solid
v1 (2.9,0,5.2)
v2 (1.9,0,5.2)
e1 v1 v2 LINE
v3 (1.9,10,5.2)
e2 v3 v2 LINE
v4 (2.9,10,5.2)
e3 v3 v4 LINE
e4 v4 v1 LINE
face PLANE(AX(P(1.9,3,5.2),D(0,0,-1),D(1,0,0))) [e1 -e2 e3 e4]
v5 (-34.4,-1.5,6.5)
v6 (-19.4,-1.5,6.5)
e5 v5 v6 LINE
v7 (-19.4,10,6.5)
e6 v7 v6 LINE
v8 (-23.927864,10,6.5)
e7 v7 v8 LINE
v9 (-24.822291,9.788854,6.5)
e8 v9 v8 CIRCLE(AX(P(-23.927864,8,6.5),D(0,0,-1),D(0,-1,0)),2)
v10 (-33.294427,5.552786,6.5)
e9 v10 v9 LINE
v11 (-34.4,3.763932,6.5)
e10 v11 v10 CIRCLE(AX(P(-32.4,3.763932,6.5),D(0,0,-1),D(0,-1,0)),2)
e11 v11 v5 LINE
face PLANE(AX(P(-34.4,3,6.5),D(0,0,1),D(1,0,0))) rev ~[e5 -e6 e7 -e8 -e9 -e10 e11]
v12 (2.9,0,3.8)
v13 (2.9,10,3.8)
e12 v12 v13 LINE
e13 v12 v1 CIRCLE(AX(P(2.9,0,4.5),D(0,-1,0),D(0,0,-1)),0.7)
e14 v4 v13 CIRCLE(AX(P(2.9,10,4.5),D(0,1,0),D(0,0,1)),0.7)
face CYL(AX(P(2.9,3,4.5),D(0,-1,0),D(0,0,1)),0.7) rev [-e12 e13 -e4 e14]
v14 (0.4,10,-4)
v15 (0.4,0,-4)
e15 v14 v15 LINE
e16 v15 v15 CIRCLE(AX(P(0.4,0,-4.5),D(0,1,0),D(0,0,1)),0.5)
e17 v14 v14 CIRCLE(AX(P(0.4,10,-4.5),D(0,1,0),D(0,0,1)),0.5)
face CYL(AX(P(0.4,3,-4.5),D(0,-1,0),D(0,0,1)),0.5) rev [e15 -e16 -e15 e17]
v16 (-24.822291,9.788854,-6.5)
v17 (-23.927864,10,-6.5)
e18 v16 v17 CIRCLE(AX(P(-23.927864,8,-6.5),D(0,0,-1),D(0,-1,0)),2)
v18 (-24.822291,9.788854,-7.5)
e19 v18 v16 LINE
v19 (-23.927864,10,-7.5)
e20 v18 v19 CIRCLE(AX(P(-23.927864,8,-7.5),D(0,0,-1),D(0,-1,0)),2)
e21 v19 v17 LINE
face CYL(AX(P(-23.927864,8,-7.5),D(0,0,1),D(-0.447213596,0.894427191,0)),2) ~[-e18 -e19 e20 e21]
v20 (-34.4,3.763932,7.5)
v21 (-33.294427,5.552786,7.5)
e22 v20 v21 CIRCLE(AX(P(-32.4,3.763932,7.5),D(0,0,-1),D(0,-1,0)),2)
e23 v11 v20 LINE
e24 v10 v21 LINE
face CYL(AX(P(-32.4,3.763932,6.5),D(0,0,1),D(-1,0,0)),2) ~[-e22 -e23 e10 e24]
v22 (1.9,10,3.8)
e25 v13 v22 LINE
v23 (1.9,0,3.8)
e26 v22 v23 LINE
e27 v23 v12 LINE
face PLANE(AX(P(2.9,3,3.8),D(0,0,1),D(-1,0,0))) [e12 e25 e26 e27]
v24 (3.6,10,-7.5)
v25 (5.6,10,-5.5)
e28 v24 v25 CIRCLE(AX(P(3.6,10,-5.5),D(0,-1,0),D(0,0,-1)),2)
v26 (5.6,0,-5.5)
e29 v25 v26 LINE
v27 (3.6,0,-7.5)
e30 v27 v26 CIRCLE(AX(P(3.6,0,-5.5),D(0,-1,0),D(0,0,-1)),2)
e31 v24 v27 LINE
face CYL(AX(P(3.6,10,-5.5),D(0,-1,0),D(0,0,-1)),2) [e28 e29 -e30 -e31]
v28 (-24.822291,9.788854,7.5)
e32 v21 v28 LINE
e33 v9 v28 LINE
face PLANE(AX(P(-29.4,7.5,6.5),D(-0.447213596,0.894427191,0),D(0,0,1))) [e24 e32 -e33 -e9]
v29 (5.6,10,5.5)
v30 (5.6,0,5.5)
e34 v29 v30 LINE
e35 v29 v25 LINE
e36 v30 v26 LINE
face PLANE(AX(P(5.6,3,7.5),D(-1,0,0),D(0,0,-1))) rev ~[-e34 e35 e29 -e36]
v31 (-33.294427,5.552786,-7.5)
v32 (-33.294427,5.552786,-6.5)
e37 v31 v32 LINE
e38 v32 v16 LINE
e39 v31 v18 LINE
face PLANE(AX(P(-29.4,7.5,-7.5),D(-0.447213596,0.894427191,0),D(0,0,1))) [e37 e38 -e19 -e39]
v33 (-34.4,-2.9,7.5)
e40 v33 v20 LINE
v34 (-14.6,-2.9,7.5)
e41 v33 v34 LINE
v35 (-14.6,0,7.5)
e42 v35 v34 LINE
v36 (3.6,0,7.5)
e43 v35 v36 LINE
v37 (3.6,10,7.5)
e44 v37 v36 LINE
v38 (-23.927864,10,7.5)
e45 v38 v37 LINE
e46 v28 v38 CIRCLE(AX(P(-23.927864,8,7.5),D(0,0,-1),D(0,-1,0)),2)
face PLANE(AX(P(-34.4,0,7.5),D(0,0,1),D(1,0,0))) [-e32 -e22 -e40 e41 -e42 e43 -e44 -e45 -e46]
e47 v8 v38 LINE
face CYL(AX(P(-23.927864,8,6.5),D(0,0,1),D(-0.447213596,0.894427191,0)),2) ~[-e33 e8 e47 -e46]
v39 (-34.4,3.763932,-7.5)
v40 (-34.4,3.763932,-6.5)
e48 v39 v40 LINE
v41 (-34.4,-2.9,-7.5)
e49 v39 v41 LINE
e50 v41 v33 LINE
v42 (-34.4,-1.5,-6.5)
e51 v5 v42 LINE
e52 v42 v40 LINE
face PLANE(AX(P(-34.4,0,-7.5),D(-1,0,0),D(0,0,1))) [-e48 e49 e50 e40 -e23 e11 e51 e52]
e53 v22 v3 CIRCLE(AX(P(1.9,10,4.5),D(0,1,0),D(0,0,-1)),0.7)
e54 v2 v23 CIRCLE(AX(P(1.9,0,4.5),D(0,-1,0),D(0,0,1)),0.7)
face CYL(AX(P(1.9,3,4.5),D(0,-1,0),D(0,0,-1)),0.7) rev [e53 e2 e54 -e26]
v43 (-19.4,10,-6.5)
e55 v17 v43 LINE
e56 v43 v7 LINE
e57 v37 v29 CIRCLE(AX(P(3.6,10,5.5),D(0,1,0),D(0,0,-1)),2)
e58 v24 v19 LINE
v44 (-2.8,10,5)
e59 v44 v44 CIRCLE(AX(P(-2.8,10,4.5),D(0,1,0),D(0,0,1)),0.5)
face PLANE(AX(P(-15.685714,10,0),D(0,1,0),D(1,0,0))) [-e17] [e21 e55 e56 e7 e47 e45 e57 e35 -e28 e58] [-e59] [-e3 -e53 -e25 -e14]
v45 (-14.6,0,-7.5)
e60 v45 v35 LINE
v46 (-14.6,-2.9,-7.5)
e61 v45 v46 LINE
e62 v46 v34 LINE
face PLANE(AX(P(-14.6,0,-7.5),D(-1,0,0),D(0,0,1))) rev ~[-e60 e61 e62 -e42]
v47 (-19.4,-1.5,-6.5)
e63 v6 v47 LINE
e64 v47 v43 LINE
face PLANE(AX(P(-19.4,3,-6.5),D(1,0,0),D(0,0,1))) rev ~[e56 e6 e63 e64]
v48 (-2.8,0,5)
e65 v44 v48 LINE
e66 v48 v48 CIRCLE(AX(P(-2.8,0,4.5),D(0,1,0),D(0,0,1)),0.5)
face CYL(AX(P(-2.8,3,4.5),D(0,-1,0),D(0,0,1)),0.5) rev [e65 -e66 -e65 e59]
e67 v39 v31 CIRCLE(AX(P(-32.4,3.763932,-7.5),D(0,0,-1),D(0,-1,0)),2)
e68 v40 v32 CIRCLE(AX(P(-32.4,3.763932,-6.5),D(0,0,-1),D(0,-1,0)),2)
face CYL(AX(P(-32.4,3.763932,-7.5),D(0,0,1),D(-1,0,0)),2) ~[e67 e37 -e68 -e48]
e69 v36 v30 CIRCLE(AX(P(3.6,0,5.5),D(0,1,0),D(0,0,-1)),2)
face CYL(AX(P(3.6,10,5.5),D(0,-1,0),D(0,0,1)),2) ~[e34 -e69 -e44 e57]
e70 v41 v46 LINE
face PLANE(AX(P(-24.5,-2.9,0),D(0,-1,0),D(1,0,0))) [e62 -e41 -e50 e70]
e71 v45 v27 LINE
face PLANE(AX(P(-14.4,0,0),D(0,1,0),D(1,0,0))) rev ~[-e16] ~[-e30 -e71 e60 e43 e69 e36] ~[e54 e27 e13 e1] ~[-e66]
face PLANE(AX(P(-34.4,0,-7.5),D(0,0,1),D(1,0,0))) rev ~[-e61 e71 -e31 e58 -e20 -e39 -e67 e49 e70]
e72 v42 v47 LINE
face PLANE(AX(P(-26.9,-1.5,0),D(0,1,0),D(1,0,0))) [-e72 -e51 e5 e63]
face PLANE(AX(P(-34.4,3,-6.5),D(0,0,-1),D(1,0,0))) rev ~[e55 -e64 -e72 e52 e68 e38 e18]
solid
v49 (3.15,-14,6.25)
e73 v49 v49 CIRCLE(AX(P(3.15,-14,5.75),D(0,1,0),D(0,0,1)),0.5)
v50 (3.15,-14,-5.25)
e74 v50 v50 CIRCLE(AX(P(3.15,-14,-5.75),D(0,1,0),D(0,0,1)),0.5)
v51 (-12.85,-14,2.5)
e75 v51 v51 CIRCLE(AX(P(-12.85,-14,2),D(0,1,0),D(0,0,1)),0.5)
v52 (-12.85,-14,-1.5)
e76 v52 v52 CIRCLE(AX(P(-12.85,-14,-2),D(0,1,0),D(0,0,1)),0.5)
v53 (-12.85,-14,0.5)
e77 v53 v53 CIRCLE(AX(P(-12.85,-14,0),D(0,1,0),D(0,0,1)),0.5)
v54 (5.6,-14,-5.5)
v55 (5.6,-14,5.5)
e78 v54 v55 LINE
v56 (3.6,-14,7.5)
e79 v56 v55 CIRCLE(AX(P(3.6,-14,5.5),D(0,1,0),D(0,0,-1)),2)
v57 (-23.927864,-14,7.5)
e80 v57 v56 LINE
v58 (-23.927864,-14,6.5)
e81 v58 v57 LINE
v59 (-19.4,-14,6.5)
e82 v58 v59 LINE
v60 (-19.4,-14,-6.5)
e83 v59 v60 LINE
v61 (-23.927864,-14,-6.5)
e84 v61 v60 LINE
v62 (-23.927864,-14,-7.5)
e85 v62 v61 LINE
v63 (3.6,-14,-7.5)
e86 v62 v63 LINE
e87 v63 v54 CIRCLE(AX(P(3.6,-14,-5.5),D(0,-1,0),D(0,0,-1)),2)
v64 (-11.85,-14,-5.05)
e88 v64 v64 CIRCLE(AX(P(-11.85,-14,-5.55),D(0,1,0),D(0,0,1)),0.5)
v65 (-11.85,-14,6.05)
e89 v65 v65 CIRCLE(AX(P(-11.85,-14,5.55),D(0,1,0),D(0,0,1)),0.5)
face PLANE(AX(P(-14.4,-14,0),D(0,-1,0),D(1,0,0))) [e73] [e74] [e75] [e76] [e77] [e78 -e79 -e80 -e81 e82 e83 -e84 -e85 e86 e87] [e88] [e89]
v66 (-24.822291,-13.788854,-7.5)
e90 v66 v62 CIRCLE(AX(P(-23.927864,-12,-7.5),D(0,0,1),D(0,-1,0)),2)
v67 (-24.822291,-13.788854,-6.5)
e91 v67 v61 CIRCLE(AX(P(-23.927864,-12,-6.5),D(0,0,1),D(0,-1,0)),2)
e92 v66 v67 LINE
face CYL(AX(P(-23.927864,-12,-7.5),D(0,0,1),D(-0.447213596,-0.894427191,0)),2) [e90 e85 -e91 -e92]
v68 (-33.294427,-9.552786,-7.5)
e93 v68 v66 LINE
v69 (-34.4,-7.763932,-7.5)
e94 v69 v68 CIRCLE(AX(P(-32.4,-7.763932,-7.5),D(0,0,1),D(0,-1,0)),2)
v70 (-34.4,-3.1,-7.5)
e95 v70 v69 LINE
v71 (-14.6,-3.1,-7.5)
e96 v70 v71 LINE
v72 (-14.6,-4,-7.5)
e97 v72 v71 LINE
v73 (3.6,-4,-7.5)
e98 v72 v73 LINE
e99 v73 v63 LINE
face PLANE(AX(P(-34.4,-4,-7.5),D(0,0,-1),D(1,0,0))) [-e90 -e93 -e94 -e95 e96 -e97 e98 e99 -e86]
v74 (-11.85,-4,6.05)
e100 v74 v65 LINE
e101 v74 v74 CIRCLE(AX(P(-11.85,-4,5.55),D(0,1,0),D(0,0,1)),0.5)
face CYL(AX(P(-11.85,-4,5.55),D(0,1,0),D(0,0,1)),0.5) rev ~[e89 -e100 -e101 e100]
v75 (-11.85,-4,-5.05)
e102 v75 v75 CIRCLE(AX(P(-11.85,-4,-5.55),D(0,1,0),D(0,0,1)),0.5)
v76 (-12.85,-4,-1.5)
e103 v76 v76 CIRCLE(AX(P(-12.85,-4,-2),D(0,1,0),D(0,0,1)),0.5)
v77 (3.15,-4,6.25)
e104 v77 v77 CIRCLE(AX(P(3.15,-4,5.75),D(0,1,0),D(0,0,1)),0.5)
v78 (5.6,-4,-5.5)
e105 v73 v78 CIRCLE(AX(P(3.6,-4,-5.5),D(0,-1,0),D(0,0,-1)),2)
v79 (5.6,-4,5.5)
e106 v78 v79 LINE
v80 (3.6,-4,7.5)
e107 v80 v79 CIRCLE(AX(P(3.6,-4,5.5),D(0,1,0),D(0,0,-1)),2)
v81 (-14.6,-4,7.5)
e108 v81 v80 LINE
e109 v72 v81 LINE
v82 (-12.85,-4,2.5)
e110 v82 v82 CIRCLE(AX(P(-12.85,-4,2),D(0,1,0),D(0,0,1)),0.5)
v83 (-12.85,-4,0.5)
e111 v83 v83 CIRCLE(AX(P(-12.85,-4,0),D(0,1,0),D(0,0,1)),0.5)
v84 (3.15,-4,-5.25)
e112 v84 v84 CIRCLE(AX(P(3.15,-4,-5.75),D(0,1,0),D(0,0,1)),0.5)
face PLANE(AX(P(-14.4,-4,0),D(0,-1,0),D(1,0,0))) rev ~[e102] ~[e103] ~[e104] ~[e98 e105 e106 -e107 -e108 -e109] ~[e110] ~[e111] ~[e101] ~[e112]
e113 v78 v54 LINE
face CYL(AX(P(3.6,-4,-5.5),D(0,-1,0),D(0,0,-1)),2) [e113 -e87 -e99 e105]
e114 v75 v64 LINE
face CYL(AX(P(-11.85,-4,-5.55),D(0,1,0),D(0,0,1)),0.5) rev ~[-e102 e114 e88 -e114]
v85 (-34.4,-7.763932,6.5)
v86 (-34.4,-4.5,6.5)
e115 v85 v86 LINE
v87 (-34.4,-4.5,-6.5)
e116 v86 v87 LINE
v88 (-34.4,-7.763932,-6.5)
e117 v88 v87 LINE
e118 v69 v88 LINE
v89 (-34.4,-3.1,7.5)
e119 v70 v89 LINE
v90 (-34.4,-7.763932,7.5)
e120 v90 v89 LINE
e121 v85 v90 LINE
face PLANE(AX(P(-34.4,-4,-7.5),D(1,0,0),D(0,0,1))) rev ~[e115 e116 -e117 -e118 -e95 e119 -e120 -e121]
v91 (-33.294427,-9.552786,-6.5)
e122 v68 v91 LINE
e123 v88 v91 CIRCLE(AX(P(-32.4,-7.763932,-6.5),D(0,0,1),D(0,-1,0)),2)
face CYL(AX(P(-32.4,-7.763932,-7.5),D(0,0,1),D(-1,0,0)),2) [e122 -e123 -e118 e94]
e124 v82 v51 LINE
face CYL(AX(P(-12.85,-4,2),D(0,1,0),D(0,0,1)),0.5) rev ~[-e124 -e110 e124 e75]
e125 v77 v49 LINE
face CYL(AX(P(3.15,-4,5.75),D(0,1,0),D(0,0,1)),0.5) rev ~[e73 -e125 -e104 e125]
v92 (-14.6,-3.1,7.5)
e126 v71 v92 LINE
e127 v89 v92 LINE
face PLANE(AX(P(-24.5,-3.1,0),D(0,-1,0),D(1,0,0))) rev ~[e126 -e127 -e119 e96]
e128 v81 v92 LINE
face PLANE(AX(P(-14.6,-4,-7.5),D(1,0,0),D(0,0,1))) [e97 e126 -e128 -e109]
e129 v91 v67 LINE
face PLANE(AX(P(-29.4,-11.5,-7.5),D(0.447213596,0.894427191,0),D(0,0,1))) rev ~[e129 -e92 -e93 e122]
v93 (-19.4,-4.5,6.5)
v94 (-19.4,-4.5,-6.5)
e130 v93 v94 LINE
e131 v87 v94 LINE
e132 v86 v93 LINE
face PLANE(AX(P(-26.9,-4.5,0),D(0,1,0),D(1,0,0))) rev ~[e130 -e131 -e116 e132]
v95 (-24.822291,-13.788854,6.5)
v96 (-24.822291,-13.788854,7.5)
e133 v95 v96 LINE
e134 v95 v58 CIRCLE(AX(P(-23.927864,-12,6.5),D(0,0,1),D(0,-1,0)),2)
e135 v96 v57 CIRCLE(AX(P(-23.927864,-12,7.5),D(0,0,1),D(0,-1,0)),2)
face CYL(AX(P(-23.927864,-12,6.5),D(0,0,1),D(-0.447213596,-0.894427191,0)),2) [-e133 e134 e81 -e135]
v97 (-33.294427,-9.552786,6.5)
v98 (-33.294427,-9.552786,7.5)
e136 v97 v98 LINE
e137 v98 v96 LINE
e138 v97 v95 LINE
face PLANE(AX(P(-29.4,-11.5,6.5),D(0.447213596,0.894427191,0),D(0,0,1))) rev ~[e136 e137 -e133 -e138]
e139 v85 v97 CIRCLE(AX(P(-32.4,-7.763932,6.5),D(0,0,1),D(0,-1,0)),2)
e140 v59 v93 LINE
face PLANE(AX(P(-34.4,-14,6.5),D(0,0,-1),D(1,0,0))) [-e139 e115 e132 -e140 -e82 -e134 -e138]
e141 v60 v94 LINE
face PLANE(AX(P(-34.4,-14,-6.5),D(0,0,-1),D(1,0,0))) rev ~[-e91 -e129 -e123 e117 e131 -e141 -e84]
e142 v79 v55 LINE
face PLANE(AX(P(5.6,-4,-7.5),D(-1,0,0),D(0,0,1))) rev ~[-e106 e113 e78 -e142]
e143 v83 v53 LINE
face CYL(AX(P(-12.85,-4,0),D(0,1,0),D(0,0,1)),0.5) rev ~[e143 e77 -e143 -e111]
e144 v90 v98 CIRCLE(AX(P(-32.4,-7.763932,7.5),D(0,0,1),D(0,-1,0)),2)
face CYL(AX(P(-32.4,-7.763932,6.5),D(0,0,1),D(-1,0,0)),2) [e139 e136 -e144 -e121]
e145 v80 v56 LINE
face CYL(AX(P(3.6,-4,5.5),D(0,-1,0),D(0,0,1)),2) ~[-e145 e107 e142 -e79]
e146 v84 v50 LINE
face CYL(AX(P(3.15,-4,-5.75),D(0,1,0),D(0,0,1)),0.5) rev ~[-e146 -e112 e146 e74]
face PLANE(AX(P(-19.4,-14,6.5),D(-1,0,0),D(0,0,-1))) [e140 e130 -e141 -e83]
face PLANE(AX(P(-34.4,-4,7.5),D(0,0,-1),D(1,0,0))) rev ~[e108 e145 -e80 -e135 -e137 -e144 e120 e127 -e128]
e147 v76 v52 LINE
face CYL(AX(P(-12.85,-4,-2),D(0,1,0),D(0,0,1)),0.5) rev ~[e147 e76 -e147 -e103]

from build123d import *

# Parameters (mm, degrees)
SKETCH1_W           = 40
SKETCH1_H           = 15
SKETCH1_R           = 0.5
BOSS_EXTRUDE1_DEPTH = 3
SKETCH2_R           = 0.5
BOSS_EXTRUDE2_DEPTH = 7
BOSS_EXTRUDE3_START = 4
SKETCH3_W           = 40
SKETCH3_H           = 15
BOSS_EXTRUDE3_DEPTH = 10
SKETCH4_W           = 19.8
SKETCH4_H           = 15
BOSS_EXTRUDE4_DEPTH = 2.9
BOSS_EXTRUDE5_START = 4
SKETCH4_2_W         = 19.8
SKETCH4_2_H         = 15
BOSS_EXTRUDE5_DEPTH = 0.9
SKETCH5_W           = 15
SKETCH5_H           = 13
CUT_EXTRUDE1_DEPTH  = 4.5
CUT_EXTRUDE2_START  = -17
SKETCH5_2_W         = 15
SKETCH5_2_H         = 13
CUT_EXTRUDE2_DEPTH  = 9.5
SKETCH7_R           = 0.5
CUT_EXTRUDE3_DEPTH  = 10
CHAMFER1_SIZE       = 5
CHAMFER1_SIZE2      = 10
FILLET2_R           = 2
CHAMFER2_SIZE       = 5
CHAMFER2_SIZE2      = 10
FILLET3_R           = 2
FILLET4_R           = 2
FILLET5_R           = 2


with BuildPart() as part:
    # Sketch1 → Boss-Extrude1 (new body)
    with BuildSketch(Plane(origin=(0, 0, 0), x_dir=(1, 0, 0), z_dir=(0, 1, 0))):
        with Locations((-14.4, 0)):
            Rectangle(SKETCH1_W, SKETCH1_H)
        with Locations(Location((0.4, 4.5, 0), (0, 0, 270))):
            Circle(SKETCH1_R, mode=Mode.SUBTRACT)
        with Locations(Location((-2.8, -4.5, 0), (0, 0, 270))):
            Circle(SKETCH1_R, mode=Mode.SUBTRACT)
        with BuildLine():
            Line((1.9, -3.8), (2.9, -3.8))
            ThreePointArc((2.9, -3.8), (3.6, -4.5), (2.9, -5.2))
            Line((2.9, -5.2), (1.9, -5.2))
            ThreePointArc((1.9, -5.2), (1.2, -4.5), (1.9, -3.8))
        make_face(mode=Mode.SUBTRACT)
    extrude(amount=BOSS_EXTRUDE1_DEPTH)

    # Sketch2 → Boss-Extrude2 (add)
    with BuildSketch(Plane(origin=(0, 3, 0), x_dir=(1, 0, 0), z_dir=(0, 1, 0))):
        Polygon((-34.4, 7.5), (-34.4, 6.5), (-19.4, 6.5), (-19.4, -6.5), (-34.4, -6.5), (-34.4, -7.5), (5.6, -7.5), (5.6, 7.5), align=None)
        with Locations(Location((-2.8, -4.5, 0), (0, 0, 270))):
            Circle(SKETCH2_R, mode=Mode.SUBTRACT)
        with Locations(Location((0.4, 4.5, 0), (0, 0, 270))):
            Circle(SKETCH2_R, mode=Mode.SUBTRACT)
        with BuildLine():
            Line((2.9, -3.8), (1.9, -3.8))
            ThreePointArc((1.9, -3.8), (1.2, -4.5), (1.9, -5.2))
            Line((1.9, -5.2), (2.9, -5.2))
            ThreePointArc((2.9, -5.2), (3.6, -4.5), (2.9, -3.8))
        make_face(mode=Mode.SUBTRACT)
    extrude(amount=BOSS_EXTRUDE2_DEPTH)

    # Sketch4 → Boss-Extrude4 (add)
    with BuildSketch(Plane.XZ):
        with Locations((-24.5, 0)):
            Rectangle(SKETCH4_W, SKETCH4_H)
    extrude(amount=BOSS_EXTRUDE4_DEPTH)

    # Sketch5 → Cut-Extrude1 (cut)
    with BuildSketch(Plane(origin=(0, 3, 0), x_dir=(1, 0, 0), z_dir=(0, 1, 0))):
        with Locations((-26.9, 0)):
            Rectangle(SKETCH5_W, SKETCH5_H)
    extrude(amount=-CUT_EXTRUDE1_DEPTH, mode=Mode.SUBTRACT)

    # Chamfer1
    chamfer1_edges = [part.edges().sort_by_distance(p)[0] for p in [
        (-34.4, 10, -7),
        (-34.4, 10, 7),
    ]]
    chamfer1_side = [part.faces().sort_by_distance(p)[0] for p in [
        (-34.4, 9.802159155, 7),
    ]]
    chamfer(chamfer1_edges, length=CHAMFER1_SIZE, length2=CHAMFER1_SIZE2, reference=chamfer1_side[0])

    # Fillet2
    fillet2_edges = [part.edges().sort_by_distance(p)[0] for p in [
        (-24.4, 10, -7),
        (-24.4, 10, 7),
        (-34.4, 5, -7),
        (-34.4, 5, 7),
    ]]
    fillet(fillet2_edges, radius=FILLET2_R)

    # Fillet4
    fillet4_edges = [part.edges().sort_by_distance(p)[0] for p in [
        (5.6, 5, -7.5),
        (5.6, 5, 7.5),
    ]]
    fillet(fillet4_edges, radius=FILLET4_R)


with BuildPart() as body_2:
    # Sketch3 → Boss-Extrude3 (new body)
    with BuildSketch(Plane.XZ.offset(BOSS_EXTRUDE3_START)):
        with Locations((-14.4, 0)):
            Rectangle(SKETCH3_W, SKETCH3_H)
    extrude(amount=BOSS_EXTRUDE3_DEPTH)

    # Sketch4<2> → Boss-Extrude5 (add)
    with BuildSketch(Plane.XZ.offset(BOSS_EXTRUDE5_START)):
        with Locations((-24.5, 0)):
            Rectangle(SKETCH4_2_W, SKETCH4_2_H)
    extrude(amount=-BOSS_EXTRUDE5_DEPTH)

    # Sketch5<2> → Cut-Extrude2 (cut)
    with BuildSketch(Plane(origin=(0, 3, 0), x_dir=(1, 0, 0), z_dir=(0, 1, 0)).offset(CUT_EXTRUDE2_START)):
        with Locations((-26.9, 0)):
            Rectangle(SKETCH5_2_W, SKETCH5_2_H)
    extrude(amount=CUT_EXTRUDE2_DEPTH, mode=Mode.SUBTRACT)

    # Sketch7 → Cut-Extrude3 (cut)
    with BuildSketch(Plane(origin=(0, -4, 0), x_dir=(1, 0, 0), z_dir=(0, 1, 0))):
        with Locations(Location((3.15, 5.75, 0), (0, 0, 270))):
            Circle(SKETCH7_R)
        with Locations(Location((3.15, -5.75, 0), (0, 0, 270))):
            Circle(SKETCH7_R)
        with Locations(Location((-11.85, 5.55, 0), (0, 0, 270))):
            Circle(SKETCH7_R)
        with Locations(Location((-11.85, -5.55, 0), (0, 0, 270))):
            Circle(SKETCH7_R)
        with Locations(Location((-12.85, 0, 0), (0, 0, 270))):
            Circle(SKETCH7_R)
        with Locations(Location((-12.85, -2, 0), (0, 0, 270))):
            Circle(SKETCH7_R)
        with Locations(Location((-12.85, 2, 0), (0, 0, 270))):
            Circle(SKETCH7_R)
    extrude(amount=-CUT_EXTRUDE3_DEPTH, mode=Mode.SUBTRACT)

    # Chamfer2
    chamfer2_edges = [body_2.edges().sort_by_distance(p)[0] for p in [
        (-34.4, -14, -7),
        (-34.4, -14, 7),
    ]]
    chamfer2_side = [body_2.faces().sort_by_distance(p)[0] for p in [
        (-34.4, -8.55, -7.314578858),
    ]]
    chamfer(chamfer2_edges, length=CHAMFER2_SIZE, length2=CHAMFER2_SIZE2, reference=chamfer2_side[0])

    # Fillet3
    fillet3_edges = [body_2.edges().sort_by_distance(p)[0] for p in [
        (-24.4, -14, 7),
        (-24.4, -14, -7),
        (-34.4, -9, 7),
        (-34.4, -9, -7),
    ]]
    fillet(fillet3_edges, radius=FILLET3_R)

    # Fillet5
    fillet5_edges = [body_2.edges().sort_by_distance(p)[0] for p in [
        (5.6, -9, 7.5),
        (5.6, -9, -7.5),
    ]]
    fillet(fillet5_edges, radius=FILLET5_R)


solid = Compound([part.part, body_2.part])
